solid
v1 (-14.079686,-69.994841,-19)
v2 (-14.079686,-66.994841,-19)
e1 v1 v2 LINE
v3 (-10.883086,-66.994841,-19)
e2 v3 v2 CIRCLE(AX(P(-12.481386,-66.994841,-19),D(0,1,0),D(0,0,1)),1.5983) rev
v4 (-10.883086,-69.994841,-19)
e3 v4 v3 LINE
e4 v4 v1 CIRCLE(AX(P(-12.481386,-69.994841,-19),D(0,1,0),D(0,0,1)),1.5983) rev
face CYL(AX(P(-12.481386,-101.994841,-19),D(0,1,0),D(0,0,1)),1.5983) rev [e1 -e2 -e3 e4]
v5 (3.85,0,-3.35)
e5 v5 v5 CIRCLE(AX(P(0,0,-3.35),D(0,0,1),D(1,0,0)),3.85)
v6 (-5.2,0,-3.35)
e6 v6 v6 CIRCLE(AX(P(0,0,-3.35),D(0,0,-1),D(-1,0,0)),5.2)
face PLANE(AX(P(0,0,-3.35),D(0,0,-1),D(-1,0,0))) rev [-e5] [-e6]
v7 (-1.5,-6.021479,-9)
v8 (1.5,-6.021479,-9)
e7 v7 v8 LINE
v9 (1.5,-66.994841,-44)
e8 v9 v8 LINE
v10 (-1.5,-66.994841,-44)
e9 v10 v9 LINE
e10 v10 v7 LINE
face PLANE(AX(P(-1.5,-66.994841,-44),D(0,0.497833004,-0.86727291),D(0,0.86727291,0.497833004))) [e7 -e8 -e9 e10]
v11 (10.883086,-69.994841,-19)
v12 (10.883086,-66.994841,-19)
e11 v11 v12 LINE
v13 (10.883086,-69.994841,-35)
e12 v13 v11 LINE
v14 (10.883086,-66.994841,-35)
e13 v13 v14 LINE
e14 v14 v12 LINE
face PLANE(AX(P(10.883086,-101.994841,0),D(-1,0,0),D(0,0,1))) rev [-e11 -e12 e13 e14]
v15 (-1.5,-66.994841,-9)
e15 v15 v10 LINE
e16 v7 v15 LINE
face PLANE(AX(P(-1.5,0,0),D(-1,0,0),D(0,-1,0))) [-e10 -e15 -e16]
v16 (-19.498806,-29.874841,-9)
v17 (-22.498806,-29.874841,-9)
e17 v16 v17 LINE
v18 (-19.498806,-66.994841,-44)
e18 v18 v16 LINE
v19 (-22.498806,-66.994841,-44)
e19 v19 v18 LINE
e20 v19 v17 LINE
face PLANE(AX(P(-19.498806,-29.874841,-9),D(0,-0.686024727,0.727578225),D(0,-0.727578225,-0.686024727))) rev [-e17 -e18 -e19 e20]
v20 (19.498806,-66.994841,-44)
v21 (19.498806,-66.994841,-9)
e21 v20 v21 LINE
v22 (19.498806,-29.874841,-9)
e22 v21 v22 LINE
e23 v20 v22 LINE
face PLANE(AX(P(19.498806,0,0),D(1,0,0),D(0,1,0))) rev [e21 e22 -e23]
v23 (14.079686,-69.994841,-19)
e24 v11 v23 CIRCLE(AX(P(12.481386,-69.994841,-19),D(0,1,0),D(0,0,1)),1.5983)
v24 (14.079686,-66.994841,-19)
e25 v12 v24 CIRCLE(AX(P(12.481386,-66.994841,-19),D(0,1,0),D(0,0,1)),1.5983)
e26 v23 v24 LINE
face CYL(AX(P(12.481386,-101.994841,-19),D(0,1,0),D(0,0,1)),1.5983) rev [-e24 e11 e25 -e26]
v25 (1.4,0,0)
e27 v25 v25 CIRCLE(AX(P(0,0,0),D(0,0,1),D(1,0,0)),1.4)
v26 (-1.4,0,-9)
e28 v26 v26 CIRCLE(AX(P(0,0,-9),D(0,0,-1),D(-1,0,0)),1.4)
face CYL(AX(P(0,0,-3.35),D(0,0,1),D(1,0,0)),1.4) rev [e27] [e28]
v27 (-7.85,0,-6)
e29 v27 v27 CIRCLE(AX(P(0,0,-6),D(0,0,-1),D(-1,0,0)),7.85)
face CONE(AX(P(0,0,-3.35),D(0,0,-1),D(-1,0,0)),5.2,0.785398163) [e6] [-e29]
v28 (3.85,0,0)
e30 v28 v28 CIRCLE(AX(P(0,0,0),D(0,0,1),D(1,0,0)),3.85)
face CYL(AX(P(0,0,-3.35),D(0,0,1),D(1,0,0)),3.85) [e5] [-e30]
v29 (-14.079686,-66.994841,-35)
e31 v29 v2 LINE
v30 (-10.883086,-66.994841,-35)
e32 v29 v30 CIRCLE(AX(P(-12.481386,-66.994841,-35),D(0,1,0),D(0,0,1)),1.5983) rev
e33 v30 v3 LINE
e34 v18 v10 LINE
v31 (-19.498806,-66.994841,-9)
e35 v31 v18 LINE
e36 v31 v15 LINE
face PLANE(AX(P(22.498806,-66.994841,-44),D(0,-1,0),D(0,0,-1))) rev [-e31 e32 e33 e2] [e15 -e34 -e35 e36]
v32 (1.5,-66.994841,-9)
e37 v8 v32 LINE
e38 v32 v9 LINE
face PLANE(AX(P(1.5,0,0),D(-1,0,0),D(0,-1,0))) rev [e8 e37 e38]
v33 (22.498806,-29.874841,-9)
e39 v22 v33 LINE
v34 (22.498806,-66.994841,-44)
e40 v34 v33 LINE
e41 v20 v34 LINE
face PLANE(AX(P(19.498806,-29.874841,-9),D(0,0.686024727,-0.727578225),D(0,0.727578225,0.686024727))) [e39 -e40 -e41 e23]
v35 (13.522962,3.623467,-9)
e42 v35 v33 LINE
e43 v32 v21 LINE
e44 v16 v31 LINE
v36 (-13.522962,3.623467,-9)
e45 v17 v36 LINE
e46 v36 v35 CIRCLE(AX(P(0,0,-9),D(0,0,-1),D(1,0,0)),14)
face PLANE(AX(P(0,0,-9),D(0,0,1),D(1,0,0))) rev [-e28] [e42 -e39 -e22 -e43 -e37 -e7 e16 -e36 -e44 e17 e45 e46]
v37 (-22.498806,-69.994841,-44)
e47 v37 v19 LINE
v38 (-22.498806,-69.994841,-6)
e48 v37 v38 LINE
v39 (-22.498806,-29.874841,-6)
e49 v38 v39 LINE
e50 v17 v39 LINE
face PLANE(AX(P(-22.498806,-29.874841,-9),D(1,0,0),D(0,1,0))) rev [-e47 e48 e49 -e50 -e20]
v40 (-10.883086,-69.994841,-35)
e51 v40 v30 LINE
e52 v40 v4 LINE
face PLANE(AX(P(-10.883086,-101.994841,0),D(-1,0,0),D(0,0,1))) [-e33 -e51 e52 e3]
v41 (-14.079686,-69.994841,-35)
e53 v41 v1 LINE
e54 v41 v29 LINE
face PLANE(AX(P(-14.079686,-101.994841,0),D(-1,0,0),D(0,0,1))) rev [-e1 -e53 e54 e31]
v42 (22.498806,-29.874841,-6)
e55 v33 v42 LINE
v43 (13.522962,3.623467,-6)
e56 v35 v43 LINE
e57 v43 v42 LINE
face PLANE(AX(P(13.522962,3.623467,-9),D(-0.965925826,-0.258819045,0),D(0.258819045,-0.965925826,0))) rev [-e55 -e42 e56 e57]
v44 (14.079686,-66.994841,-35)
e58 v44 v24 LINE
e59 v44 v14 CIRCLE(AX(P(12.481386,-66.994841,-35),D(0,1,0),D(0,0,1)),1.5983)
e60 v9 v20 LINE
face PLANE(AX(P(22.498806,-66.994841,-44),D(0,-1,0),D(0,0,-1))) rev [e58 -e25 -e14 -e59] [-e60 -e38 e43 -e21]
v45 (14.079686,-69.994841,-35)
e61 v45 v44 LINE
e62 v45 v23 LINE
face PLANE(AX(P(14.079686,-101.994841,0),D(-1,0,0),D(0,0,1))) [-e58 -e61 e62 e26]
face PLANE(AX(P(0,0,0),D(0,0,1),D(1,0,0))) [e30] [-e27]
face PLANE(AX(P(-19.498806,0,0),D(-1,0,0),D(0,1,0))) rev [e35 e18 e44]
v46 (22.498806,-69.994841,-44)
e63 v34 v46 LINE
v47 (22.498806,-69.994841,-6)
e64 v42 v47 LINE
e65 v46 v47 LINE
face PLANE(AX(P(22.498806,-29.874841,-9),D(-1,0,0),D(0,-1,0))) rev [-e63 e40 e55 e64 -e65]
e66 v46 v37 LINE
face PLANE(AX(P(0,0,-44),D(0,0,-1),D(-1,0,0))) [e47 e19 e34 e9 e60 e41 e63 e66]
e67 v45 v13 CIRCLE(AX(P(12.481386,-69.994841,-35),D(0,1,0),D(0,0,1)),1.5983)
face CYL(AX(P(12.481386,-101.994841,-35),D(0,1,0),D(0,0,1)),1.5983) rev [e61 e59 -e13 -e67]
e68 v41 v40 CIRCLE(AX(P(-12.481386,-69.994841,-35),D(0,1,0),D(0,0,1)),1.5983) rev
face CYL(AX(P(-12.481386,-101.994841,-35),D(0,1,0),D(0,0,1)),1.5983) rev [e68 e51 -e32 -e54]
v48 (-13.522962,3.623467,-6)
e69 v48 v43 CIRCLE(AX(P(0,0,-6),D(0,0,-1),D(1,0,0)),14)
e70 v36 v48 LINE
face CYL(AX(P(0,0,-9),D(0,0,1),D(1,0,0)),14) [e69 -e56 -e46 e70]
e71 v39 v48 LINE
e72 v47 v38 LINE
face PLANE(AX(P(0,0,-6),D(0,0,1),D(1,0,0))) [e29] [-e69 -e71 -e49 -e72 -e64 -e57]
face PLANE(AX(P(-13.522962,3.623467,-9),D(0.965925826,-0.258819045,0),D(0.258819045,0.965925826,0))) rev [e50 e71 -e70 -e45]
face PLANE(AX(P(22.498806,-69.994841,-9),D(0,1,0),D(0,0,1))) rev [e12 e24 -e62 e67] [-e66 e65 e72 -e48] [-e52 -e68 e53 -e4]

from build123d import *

# Parameters (mm, degrees)
SKETCH_1_R           = 3.85
SKETCH_1_R_2         = 1.4
EXTRUDE_1_DEPTH      = 3.35
SKETCH_3_R           = 7.85
SKETCH_2_R           = 5.2
EXTRUDE_2_DEPTH      = 3
CUT_EXTRUDE_START    = -23.35
SKETCH_7_R           = 1.4
CUT_EXTRUDE_1_DEPTH  = 23.35
SKETCH_11_W          = 44.997612104
SKETCH_11_H          = 3
EXTRUDE_3_DEPTH      = 35
CUT_EXTRUDE_4_DEPTH  = 35
EXTRUDE_4_DEPTH      = 3
EXTRUDE_5_DEPTH      = 1.5
EXTRUDE_5_DEPTH_BACK = 1.5


with BuildPart() as part:
    # 草图1 → 凸台-拉伸1 (new body)
    with BuildSketch(Plane.XY):
        Circle(SKETCH_1_R)
        Circle(SKETCH_1_R_2, mode=Mode.SUBTRACT)
    extrude(amount=-EXTRUDE_1_DEPTH)

    # 草图3 → 放样1 section 0
    with BuildSketch(Plane(origin=(0, 0, -6), x_dir=(-1, 0, 0), z_dir=(0, 0, -1))):
        Circle(SKETCH_3_R)
    # 草图2 → 放样1 section 1
    with BuildSketch(Plane(origin=(0, 0, -3.35), x_dir=(-1, 0, 0), z_dir=(0, 0, -1))):
        Circle(SKETCH_2_R)
    loft()

    # 草图6 → 凸台-拉伸2 (add)
    with BuildSketch(Plane(origin=(0, 0, -6), x_dir=(-1, 0, 0), z_dir=(0, 0, -1))):
        with BuildLine():
            Line((-22.498806052, -29.874841024), (-22.498806052, -69.994841024))
            Line((-22.498806052, -69.994841024), (22.498806052, -69.994841024))
            Line((22.498806052, -69.994841024), (22.498806052, -29.874841024))
            Line((22.498806052, -29.874841024), (13.522961568, 3.623466631))
            ThreePointArc((13.522961568, 3.623466631), (0, 14), (-13.522961568, 3.623466631))
            Line((-13.522961568, 3.623466631), (-22.498806052, -29.874841024))
        make_face()
    extrude(amount=EXTRUDE_2_DEPTH)

    # 草图7 → 切除-拉伸1 (cut)
    with BuildSketch(Plane(origin=(0, 0, -9), x_dir=(-1, 0, 0), z_dir=(0, 0, -1)).offset(CUT_EXTRUDE_START)):
        with Locations(Location((0, 0, 0), (0, 0, 180))):
            Circle(SKETCH_7_R)
    extrude(amount=CUT_EXTRUDE_1_DEPTH, mode=Mode.SUBTRACT)

    # 草图11 → 凸台-拉伸3 (add)
    with BuildSketch(Plane(origin=(0, 0, -9), x_dir=(-1, 0, 0), z_dir=(0, 0, -1))):
        with Locations((0, -68.494841024)):
            Rectangle(SKETCH_11_W, SKETCH_11_H)
    extrude(amount=EXTRUDE_3_DEPTH)

    # 草图14 → 切除-拉伸4 (cut)
    with BuildSketch(Plane(origin=(0, -66.994841024, 0), x_dir=(1, 0, 0), z_dir=(0, 1, 0))):
        with BuildLine():
            Line((14.079686052, 35), (14.079686052, 19))
            ThreePointArc((14.079686052, 19), (12.481386052, 17.4017), (10.883086052, 19))
            Line((10.883086052, 19), (10.883086052, 35))
            ThreePointArc((10.883086052, 35), (12.481386052, 36.5983), (14.079686052, 35))
        make_face()
        with BuildLine():
            ThreePointArc((-10.883086052, 19), (-12.481386052, 17.4017), (-14.079686052, 19))
            Line((-14.079686052, 19), (-14.079686052, 35))
            ThreePointArc((-14.079686052, 35), (-12.481386052, 36.5983), (-10.883086052, 35))
            Line((-10.883086052, 35), (-10.883086052, 19))
        make_face()
    extrude(amount=-CUT_EXTRUDE_4_DEPTH, mode=Mode.SUBTRACT)

    # 草图15 → 凸台-拉伸4 (add)
    with BuildSketch(Plane(origin=(22.498806052, 0, 0), x_dir=(0, 0, -1), z_dir=(1, 0, 0))):
        Polygon((9, -29.874841024), (44, -66.994841024), (44, -69.994841024), (6, -69.994841024), (6, -29.874841024), align=None)
    extrude_4 = extrude(amount=-EXTRUDE_4_DEPTH)

    # 镜向1: 凸台-拉伸4 across plane
    add(extrude_4.mirror(Plane(origin=(0, 0, 0), x_dir=(0, 0, 1), z_dir=(1, 0, 0))))

    # 草图19 → 凸台-拉伸5 (add, two sides: drawn at the far end of the back side and taken through both)
    with BuildSketch(Plane(origin=(0, 0, 0), x_dir=(0, 0, -1), z_dir=(1, 0, 0)).offset(-EXTRUDE_5_DEPTH_BACK)):
        Polygon((44, -66.994841024), (9, -6.021479283), (9, -66.994841024), align=None)
    extrude(amount=EXTRUDE_5_DEPTH + EXTRUDE_5_DEPTH_BACK)


solid = part.part
